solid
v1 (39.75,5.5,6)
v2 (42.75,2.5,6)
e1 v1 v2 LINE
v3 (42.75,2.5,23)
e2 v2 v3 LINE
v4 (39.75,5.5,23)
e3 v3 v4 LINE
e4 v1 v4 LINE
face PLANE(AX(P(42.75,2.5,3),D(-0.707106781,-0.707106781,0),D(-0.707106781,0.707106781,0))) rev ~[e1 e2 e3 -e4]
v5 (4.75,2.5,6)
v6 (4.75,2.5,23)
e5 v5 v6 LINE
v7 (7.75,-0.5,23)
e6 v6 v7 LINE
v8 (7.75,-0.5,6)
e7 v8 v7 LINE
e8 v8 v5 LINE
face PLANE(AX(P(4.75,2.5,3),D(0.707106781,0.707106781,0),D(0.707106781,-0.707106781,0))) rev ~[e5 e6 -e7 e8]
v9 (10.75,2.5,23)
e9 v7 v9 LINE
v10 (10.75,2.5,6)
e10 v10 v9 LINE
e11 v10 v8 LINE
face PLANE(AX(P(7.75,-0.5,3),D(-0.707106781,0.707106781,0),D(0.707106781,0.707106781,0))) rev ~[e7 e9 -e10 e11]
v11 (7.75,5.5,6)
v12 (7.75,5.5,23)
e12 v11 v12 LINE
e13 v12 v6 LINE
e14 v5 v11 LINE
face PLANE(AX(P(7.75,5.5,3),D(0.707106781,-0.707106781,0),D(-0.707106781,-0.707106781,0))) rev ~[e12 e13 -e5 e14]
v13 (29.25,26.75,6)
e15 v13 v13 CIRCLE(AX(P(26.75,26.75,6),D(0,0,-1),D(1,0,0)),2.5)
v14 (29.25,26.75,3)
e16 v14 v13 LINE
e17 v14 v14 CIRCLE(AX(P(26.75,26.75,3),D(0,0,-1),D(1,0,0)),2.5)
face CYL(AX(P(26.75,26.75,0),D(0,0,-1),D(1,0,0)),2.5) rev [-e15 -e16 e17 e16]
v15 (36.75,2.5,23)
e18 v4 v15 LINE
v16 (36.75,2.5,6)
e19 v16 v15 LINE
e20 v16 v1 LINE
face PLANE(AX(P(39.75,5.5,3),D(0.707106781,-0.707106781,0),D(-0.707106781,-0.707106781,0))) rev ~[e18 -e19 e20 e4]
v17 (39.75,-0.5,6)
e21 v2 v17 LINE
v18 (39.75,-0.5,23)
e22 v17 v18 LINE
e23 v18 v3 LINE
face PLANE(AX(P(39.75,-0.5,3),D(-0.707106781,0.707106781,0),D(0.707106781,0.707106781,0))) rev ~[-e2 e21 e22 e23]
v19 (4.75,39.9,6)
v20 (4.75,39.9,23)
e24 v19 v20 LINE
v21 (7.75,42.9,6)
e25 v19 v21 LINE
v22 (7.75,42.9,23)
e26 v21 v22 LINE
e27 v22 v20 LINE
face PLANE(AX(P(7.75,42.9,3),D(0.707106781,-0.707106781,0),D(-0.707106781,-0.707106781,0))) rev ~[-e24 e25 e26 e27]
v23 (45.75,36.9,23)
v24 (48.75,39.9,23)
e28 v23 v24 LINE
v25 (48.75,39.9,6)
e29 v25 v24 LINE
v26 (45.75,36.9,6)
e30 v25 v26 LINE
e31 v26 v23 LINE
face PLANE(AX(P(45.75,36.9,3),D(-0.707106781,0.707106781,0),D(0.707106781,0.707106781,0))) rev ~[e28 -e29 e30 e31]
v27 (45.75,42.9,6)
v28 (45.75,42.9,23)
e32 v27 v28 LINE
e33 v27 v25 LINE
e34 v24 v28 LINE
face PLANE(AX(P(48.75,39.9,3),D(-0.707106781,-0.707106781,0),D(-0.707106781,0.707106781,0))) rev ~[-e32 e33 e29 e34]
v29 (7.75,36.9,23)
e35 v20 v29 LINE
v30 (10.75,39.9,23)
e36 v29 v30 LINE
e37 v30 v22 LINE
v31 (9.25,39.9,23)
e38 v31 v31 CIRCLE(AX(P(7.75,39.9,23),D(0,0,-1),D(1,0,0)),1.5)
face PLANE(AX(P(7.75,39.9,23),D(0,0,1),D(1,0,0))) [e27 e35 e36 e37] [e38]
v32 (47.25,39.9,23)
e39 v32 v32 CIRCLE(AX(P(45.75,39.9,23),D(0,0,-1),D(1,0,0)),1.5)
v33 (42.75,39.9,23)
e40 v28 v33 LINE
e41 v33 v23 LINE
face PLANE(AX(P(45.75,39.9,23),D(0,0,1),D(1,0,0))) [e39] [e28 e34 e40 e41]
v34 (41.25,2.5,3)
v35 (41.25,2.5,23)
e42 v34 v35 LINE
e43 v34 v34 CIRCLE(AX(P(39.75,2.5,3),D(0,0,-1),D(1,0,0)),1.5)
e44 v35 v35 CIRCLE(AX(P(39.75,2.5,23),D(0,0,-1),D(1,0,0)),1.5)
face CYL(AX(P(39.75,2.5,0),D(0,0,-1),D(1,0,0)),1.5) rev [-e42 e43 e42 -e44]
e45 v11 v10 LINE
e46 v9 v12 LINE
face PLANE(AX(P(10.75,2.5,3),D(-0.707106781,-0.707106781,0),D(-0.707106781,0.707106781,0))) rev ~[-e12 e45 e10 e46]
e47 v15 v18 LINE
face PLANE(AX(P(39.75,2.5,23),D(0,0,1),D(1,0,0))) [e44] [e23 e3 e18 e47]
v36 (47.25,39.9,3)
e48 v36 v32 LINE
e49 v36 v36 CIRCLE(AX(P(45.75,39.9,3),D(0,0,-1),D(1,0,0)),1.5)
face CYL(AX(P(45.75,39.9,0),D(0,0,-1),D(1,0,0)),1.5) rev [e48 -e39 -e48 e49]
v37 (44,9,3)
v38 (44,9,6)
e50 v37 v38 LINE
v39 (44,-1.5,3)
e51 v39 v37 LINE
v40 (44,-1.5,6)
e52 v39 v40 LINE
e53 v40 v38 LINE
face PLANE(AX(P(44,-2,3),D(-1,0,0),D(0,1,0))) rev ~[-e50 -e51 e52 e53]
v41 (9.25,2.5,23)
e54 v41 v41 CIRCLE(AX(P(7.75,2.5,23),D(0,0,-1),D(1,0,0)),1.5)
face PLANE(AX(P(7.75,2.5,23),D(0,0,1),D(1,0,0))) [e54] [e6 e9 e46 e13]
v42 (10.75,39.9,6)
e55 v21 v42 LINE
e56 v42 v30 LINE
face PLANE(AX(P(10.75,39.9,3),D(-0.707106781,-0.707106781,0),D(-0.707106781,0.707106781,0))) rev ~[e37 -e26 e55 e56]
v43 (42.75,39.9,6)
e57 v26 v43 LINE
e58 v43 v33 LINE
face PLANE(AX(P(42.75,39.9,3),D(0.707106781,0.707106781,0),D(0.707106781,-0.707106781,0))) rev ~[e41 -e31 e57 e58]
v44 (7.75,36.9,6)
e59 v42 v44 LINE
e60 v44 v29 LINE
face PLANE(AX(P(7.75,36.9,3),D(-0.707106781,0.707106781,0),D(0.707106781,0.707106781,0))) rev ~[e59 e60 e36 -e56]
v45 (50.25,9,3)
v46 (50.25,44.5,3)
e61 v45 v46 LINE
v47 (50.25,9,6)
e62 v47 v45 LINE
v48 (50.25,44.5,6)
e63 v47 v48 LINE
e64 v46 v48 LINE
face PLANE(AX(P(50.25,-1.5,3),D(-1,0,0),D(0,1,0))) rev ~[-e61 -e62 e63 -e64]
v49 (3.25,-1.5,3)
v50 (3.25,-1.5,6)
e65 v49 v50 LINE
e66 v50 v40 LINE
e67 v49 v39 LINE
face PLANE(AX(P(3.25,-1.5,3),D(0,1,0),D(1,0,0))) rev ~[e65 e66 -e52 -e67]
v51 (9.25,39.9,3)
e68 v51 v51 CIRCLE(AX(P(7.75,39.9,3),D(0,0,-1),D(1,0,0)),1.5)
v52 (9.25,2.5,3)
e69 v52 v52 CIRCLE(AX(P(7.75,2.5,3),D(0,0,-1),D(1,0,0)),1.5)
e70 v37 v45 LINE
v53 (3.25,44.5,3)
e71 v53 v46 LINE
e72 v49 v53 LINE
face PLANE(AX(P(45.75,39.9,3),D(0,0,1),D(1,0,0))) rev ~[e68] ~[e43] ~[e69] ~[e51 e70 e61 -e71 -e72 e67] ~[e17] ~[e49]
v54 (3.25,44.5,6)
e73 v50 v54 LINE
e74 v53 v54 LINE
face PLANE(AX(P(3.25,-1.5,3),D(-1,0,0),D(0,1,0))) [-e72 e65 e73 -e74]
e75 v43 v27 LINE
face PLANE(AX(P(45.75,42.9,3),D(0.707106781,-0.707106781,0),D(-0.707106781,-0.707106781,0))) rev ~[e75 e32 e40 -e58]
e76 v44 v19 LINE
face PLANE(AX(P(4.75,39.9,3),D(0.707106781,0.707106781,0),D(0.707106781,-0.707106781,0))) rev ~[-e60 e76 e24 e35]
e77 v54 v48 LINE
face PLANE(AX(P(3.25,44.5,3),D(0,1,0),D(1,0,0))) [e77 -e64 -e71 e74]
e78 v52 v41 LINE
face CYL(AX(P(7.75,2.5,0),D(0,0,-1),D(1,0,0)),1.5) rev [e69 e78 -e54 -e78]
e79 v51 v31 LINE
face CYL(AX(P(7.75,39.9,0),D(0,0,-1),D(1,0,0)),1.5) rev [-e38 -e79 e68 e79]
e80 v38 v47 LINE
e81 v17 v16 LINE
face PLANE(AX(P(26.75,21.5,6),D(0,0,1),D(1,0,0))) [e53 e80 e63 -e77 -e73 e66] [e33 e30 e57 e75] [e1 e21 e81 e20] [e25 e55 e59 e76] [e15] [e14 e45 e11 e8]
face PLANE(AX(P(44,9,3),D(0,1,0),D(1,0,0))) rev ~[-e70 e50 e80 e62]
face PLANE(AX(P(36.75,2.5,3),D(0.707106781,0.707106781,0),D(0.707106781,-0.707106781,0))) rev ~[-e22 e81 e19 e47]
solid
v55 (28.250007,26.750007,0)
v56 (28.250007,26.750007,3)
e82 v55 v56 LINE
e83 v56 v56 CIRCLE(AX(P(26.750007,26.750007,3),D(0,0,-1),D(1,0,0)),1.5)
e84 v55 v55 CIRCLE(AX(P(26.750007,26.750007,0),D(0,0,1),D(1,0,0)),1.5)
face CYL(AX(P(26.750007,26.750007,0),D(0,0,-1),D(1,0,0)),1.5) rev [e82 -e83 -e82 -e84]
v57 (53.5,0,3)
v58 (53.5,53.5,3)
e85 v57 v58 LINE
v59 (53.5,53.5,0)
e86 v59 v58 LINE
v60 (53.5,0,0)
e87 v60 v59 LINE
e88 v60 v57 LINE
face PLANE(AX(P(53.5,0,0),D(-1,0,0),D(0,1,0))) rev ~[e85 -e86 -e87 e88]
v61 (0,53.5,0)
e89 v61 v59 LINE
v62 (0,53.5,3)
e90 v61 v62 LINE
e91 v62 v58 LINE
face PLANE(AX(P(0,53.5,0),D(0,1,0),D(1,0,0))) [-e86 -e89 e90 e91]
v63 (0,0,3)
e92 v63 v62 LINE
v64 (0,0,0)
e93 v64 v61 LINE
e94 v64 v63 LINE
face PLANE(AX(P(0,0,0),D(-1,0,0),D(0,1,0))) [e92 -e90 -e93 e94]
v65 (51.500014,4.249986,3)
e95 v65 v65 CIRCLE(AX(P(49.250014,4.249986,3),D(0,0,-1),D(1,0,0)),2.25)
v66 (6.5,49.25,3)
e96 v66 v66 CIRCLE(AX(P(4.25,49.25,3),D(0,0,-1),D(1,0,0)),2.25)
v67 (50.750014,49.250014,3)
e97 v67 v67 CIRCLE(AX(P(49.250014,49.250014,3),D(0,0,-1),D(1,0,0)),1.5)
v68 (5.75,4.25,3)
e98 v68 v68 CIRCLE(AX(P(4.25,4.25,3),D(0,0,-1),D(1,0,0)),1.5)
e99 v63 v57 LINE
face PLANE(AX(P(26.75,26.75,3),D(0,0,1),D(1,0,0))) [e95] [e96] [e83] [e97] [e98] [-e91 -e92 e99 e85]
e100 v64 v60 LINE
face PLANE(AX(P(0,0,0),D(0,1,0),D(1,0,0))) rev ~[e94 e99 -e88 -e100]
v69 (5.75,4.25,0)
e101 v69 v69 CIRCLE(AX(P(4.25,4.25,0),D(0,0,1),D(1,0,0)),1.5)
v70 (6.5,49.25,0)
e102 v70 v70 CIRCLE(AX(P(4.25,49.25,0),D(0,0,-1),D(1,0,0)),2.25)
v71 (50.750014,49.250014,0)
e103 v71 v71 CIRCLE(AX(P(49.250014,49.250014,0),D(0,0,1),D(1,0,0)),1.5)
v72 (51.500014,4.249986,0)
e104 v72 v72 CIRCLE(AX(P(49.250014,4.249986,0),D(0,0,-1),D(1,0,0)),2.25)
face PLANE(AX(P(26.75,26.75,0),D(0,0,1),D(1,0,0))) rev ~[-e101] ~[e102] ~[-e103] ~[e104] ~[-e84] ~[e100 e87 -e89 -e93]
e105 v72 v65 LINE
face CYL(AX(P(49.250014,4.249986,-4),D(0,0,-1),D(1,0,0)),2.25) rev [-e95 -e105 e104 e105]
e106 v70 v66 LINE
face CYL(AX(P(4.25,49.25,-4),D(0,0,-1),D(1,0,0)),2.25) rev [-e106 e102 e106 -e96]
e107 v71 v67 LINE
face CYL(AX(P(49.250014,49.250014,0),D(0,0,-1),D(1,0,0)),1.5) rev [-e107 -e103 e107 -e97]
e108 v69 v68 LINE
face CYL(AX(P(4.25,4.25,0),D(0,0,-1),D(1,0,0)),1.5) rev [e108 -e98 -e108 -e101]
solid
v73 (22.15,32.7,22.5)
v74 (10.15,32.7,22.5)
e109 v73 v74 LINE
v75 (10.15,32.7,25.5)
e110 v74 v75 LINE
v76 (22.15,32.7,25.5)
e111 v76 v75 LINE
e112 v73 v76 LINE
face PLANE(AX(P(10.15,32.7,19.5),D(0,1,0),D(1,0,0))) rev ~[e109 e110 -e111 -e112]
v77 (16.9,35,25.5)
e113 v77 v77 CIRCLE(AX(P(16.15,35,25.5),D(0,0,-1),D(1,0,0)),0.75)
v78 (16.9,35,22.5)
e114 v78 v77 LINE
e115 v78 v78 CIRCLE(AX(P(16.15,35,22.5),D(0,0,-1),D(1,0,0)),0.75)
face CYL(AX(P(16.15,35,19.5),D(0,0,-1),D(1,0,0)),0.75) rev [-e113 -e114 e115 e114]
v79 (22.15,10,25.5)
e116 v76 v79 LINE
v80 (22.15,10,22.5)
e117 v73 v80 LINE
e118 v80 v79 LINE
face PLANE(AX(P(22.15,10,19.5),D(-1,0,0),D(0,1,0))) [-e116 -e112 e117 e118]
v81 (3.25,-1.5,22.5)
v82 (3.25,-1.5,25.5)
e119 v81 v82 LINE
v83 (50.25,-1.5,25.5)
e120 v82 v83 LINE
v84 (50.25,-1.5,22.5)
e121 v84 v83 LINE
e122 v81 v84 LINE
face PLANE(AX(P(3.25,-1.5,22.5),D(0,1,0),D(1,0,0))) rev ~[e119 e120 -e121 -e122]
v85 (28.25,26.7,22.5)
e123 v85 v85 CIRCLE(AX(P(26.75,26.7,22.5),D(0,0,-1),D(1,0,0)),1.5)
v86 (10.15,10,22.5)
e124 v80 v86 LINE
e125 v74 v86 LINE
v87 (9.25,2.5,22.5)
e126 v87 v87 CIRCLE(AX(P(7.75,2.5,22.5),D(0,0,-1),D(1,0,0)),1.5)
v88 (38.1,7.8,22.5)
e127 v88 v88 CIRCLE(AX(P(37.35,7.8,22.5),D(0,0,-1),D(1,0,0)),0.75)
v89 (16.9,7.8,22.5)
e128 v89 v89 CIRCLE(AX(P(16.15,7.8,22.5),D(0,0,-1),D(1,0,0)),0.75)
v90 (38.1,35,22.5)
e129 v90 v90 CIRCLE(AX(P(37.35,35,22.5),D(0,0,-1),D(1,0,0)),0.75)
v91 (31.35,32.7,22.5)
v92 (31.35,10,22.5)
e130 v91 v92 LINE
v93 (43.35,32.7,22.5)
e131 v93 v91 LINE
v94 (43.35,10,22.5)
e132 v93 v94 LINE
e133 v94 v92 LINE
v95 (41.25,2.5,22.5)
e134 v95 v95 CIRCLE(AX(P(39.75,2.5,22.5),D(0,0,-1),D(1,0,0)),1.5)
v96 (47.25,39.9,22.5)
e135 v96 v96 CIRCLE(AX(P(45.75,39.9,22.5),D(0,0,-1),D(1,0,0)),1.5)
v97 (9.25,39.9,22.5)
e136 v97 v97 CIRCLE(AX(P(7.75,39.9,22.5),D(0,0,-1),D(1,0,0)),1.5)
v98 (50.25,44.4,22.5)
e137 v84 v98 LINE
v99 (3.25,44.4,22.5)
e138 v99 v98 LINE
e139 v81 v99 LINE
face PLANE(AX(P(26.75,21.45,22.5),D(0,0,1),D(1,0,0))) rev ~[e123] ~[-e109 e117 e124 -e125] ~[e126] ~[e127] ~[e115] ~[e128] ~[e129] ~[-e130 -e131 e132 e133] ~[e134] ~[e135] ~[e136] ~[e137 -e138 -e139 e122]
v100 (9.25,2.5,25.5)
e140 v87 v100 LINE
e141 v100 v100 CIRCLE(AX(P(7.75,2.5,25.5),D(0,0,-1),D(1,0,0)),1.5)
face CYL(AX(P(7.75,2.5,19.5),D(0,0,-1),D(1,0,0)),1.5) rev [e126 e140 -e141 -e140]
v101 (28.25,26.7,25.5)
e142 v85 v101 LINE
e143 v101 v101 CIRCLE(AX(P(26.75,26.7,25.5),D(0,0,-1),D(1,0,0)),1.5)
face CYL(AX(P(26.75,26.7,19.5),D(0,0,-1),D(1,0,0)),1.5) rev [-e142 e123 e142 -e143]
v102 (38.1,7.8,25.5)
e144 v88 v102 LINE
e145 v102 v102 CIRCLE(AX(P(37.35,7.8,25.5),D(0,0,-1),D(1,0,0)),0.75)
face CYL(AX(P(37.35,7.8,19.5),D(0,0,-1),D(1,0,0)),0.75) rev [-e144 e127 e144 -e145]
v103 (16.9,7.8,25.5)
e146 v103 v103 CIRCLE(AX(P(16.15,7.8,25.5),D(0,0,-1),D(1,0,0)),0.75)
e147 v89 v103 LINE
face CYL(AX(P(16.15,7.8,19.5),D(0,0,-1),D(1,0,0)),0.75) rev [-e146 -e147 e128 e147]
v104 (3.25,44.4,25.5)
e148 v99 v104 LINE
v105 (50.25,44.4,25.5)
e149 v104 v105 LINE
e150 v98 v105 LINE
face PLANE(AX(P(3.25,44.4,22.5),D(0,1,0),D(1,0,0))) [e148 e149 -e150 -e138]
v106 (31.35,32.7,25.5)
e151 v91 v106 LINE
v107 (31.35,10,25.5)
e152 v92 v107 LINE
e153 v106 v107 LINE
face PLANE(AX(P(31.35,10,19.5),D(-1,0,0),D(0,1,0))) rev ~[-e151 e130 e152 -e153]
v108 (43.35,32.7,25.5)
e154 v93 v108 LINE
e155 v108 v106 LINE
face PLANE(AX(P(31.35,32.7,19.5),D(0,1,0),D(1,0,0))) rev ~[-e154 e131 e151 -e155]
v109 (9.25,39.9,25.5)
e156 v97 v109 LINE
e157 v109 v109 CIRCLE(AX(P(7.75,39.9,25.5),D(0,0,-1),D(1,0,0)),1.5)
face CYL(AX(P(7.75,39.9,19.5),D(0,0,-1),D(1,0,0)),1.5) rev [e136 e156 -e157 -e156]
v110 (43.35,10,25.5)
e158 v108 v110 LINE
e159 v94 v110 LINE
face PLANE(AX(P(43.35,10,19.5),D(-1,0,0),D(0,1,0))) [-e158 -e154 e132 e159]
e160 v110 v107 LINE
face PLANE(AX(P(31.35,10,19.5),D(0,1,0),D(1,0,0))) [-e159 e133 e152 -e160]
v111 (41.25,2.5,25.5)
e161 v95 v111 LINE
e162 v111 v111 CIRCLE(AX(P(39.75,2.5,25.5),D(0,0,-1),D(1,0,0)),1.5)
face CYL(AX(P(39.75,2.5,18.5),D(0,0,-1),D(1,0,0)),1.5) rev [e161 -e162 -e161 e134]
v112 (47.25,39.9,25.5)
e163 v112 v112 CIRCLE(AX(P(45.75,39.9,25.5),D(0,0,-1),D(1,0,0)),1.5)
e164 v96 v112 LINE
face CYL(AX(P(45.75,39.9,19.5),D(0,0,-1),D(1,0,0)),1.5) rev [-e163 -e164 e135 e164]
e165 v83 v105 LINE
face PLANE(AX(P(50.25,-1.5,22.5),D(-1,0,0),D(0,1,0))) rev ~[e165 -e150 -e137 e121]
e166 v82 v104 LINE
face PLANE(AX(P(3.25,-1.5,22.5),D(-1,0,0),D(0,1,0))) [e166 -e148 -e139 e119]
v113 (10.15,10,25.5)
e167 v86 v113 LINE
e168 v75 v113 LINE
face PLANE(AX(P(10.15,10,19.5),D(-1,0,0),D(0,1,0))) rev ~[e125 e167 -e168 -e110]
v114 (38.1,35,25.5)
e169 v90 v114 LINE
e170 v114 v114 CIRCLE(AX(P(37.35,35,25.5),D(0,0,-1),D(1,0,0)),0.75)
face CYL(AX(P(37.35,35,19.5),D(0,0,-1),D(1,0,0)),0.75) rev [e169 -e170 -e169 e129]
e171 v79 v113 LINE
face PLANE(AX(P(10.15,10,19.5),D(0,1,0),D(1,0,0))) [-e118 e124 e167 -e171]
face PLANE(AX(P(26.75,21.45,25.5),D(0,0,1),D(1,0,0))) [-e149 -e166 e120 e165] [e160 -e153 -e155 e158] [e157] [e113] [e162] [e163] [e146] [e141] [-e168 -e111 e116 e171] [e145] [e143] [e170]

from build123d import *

# Parameters (mm, degrees)
CYLINDER001_R     = 1.5
CYLINDER001_DEPTH = 10
ARRAY001_X_COUNT  = 3
ARRAY001_X_PITCH  = 31.819805
CYLINDER_R        = 2.25
CYLINDER_DEPTH    = 10
ARRAY_X_COUNT     = 2
ARRAY_X_PITCH     = 63.63961
BOX_W             = 53.5
BOX_H             = 53.5
BOX_DEPTH         = 3
CYLINDER009_R     = 1.5
CYLINDER009_DEPTH = 27
PRISM002_DEPTH    = 20
CYLINDER008_R     = 1.5
CYLINDER008_DEPTH = 27
BOX004_W          = 10
BOX004_H          = 11
BOX004_DEPTH      = 3
CYLINDER007_R     = 1.5
CYLINDER007_DEPTH = 27
PRISM001_DEPTH    = 20
CYLINDER003_R     = 1.5
CYLINDER003_DEPTH = 27
ARRAY002_Y_COUNT  = 2
ARRAY002_Y_PITCH  = 37.4
CYLINDER002_R     = 2.5
CYLINDER002_DEPTH = 10
PRISM_DEPTH       = 20
ARRAY003_Y_COUNT  = 2
ARRAY003_Y_PITCH  = 37.4
BOX001_W          = 47
BOX001_H          = 46
BOX001_DEPTH      = 3
CYLINDER011_R     = 1.5
CYLINDER011_DEPTH = 10
CYLINDER010_R     = 1.5
CYLINDER010_DEPTH = 10
CYLINDER006_R     = 0.75
CYLINDER006_DEPTH = 10
ARRAY006_X_COUNT  = 2
ARRAY006_X_PITCH  = 21.2
ARRAY006_Y_COUNT  = 2
ARRAY006_Y_PITCH  = 27.2
BOX003_W          = 12
BOX003_H          = 22.7
BOX003_DEPTH      = 10
ARRAY004_X_COUNT  = 2
ARRAY004_X_PITCH  = 21.2
CYLINDER004_R     = 1.5
CYLINDER004_DEPTH = 10
ARRAY005_Y_COUNT  = 2
ARRAY005_Y_PITCH  = 37.4
CYLINDER005_R     = 1.5
CYLINDER005_DEPTH = 10
BOX002_W          = 47
BOX002_H          = 45.9
BOX002_DEPTH      = 3


with BuildPart() as array001:
    # Cylinder001 → Cylinder001 (new body)
    with BuildSketch(Plane(origin=(4.25, 4.25, 0), x_dir=(1, 0, 0), z_dir=(0, 0, 1))):
        Circle(CYLINDER001_R)
    extrude(amount=CYLINDER001_DEPTH)

    # Array001 X: Array001 ×3


with BuildPart() as array001_1:
    add(array001.part)
    with Locations(*[Vector(0.707107, 0.707107, 0) * (i * ARRAY001_X_PITCH) for i in range(1, ARRAY001_X_COUNT)]):
        add(array001.part)


with BuildPart() as taladros:
    # Cylinder → Cylinder (new body)
    with BuildSketch(Plane(origin=(4.25, 49.25, -4), x_dir=(1, 0, 0), z_dir=(0, 0, 1))):
        Circle(CYLINDER_R)
    extrude(amount=CYLINDER_DEPTH)

    # Array X: Taladros ×2


with BuildPart() as taladros_1:
    add(taladros.part)
    with Locations(*[Vector(0.707107, -0.707107, 0) * (i * ARRAY_X_PITCH) for i in range(1, ARRAY_X_COUNT)]):
        add(taladros.part)

    # Fusion: union Array001
    add(array001_1.part)


with BuildPart() as fuel_temp_plate:
    # Box → Box (new body)
    with BuildSketch(Plane.XY):
        with Locations((26.75, 26.75)):
            Rectangle(BOX_W, BOX_H)
    extrude(amount=BOX_DEPTH)

    # Cut: cut Taladros
    add(taladros_1.part, mode=Mode.SUBTRACT)


with BuildPart() as cylinder009:
    # Cylinder009 → Cylinder009 (new body)
    with BuildSketch(Plane(origin=(39.75, 2.5, 0), x_dir=(1, 0, 0), z_dir=(0, 0, 1))):
        Circle(CYLINDER009_R)
    extrude(amount=CYLINDER009_DEPTH)


with BuildPart() as cut006:
    # Prism002 → Prism002 (new body)
    with BuildSketch(Plane(origin=(39.75, 2.5, 3), x_dir=(1, 0, 0), z_dir=(0, 0, 1))):
        Polygon((3, 0), (0, 3), (-3, 0), (0, -3), align=None)
    extrude(amount=PRISM002_DEPTH)

    # Cut006: cut Cylinder009
    add(cylinder009.part, mode=Mode.SUBTRACT)


with BuildPart() as cylinder008:
    # Cylinder008 → Cylinder008 (new body)
    with BuildSketch(Plane(origin=(39.75, 2.5, 0), x_dir=(1, 0, 0), z_dir=(0, 0, 1))):
        Circle(CYLINDER008_R)
    extrude(amount=CYLINDER008_DEPTH)


with BuildPart() as recorte_placa:
    # Box004 → Box004 (new body)
    with BuildSketch(Plane(origin=(44, -2, 3), x_dir=(1, 0, 0), z_dir=(0, 0, 1))):
        with Locations((5, 5.5)):
            Rectangle(BOX004_W, BOX004_H)
    extrude(amount=BOX004_DEPTH)


with BuildPart() as cylinder007:
    # Cylinder007 → Cylinder007 (new body)
    with BuildSketch(Plane(origin=(45.75, 39.9, 0), x_dir=(1, 0, 0), z_dir=(0, 0, 1))):
        Circle(CYLINDER007_R)
    extrude(amount=CYLINDER007_DEPTH)


with BuildPart() as prism001:
    # Prism001 → Prism001 (new body)
    with BuildSketch(Plane(origin=(45.75, 39.9, 3), x_dir=(1, 0, 0), z_dir=(0, 0, 1))):
        Polygon((3, 0), (0, 3), (-3, 0), (0, -3), align=None)
    extrude(amount=PRISM001_DEPTH)


with BuildPart() as array002:
    # Cylinder003 → Cylinder003 (new body)
    with BuildSketch(Plane(origin=(7.75, 2.5, 0), x_dir=(1, 0, 0), z_dir=(0, 0, 1))):
        Circle(CYLINDER003_R)
    extrude(amount=CYLINDER003_DEPTH)

    # Array002 Y: Array002 ×2


with BuildPart() as array002_1:
    add(array002.part)
    with Locations(*[(0, i * ARRAY002_Y_PITCH, 0) for i in range(1, ARRAY002_Y_COUNT)]):
        add(array002.part)


with BuildPart() as fusion002:
    # Cylinder002 → Cylinder002 (new body)
    with BuildSketch(Plane(origin=(26.75, 26.75, 0), x_dir=(1, 0, 0), z_dir=(0, 0, 1))):
        Circle(CYLINDER002_R)
    extrude(amount=CYLINDER002_DEPTH)

    # Fusion002: union Array002
    add(array002_1.part)


with BuildPart() as array_columnas:
    # Prism → Prism (new body)
    with BuildSketch(Plane(origin=(7.75, 2.5, 3), x_dir=(1, 0, 0), z_dir=(0, 0, 1))):
        Polygon((3, 0), (0, 3), (-3, 0), (0, -3), align=None)
    extrude(amount=PRISM_DEPTH)

    # Array003 Y: Array columnas ×2


with BuildPart() as array_columnas_1:
    add(array_columnas.part)
    with Locations(*[(0, i * ARRAY003_Y_PITCH, 0) for i in range(1, ARRAY003_Y_COUNT)]):
        add(array_columnas.part)


with BuildPart() as top_plate_final:
    # Box001 → Box001 (new body)
    with BuildSketch(Plane(origin=(3.25, -1.5, 3), x_dir=(1, 0, 0), z_dir=(0, 0, 1))):
        with Locations((23.5, 23)):
            Rectangle(BOX001_W, BOX001_H)
    extrude(amount=BOX001_DEPTH)

    # Fusion001: union Array columnas
    add(array_columnas_1.part)

    # Cut001: cut Fusion002
    add(fusion002.part, mode=Mode.SUBTRACT)

    # Fusion004: union Prism001
    add(prism001.part)

    # Cut003: cut Cylinder007
    add(cylinder007.part, mode=Mode.SUBTRACT)

    # Cut004: cut Recorte placa
    add(recorte_placa.part, mode=Mode.SUBTRACT)

    # Cut005: cut Cylinder008
    add(cylinder008.part, mode=Mode.SUBTRACT)

    # Fusion005: union Cut006
    add(cut006.part)


with BuildPart() as cylinder011:
    # Cylinder011 → Cylinder011 (new body)
    with BuildSketch(Plane(origin=(39.75, 2.5, 18.5), x_dir=(1, 0, 0), z_dir=(0, 0, 1))):
        Circle(CYLINDER011_R)
    extrude(amount=CYLINDER011_DEPTH)


with BuildPart() as cylinder010:
    # Cylinder010 → Cylinder010 (new body)
    with BuildSketch(Plane(origin=(45.75, 39.9, 19.5), x_dir=(1, 0, 0), z_dir=(0, 0, 1))):
        Circle(CYLINDER010_R)
    extrude(amount=CYLINDER010_DEPTH)


with BuildPart() as array006:
    # Cylinder006 → Cylinder006 (new body)
    with BuildSketch(Plane(origin=(16.15, 7.8, 19.5), x_dir=(1, 0, 0), z_dir=(0, 0, 1))):
        Circle(CYLINDER006_R)
    extrude(amount=CYLINDER006_DEPTH)

    # Array006 X: Array006 ×2


with BuildPart() as array006_1:
    add(array006.part)
    with Locations(*[(i * ARRAY006_X_PITCH, 0, 0) for i in range(1, ARRAY006_X_COUNT)]):
        add(array006.part)

    # Array006 Y: Array006 ×2


with BuildPart() as array006_2:
    add(array006_1.part)
    with Locations(*[(0, i * ARRAY006_Y_PITCH, 0) for i in range(1, ARRAY006_Y_COUNT)]):
        add(array006_1.part)


with BuildPart() as array_taladro_servomotor:
    # Box003 → Box003 (new body)
    with BuildSketch(Plane(origin=(10.15, 10, 19.5), x_dir=(1, 0, 0), z_dir=(0, 0, 1))):
        with Locations((6, 11.35)):
            Rectangle(BOX003_W, BOX003_H)
    extrude(amount=BOX003_DEPTH)

    # Array004 X: Array taladro servomotor ×2


with BuildPart() as array_taladro_servomotor_1:
    add(array_taladro_servomotor.part)
    with Locations(*[(i * ARRAY004_X_PITCH, 0, 0) for i in range(1, ARRAY004_X_COUNT)]):
        add(array_taladro_servomotor.part)


with BuildPart() as array005:
    # Cylinder004 → Cylinder004 (new body)
    with BuildSketch(Plane(origin=(7.75, 2.5, 19.5), x_dir=(1, 0, 0), z_dir=(0, 0, 1))):
        Circle(CYLINDER004_R)
    extrude(amount=CYLINDER004_DEPTH)

    # Array005 Y: Array005 ×2


with BuildPart() as array005_1:
    add(array005.part)
    with Locations(*[(0, i * ARRAY005_Y_PITCH, 0) for i in range(1, ARRAY005_Y_COUNT)]):
        add(array005.part)


with BuildPart() as fusion003:
    # Cylinder005 → Cylinder005 (new body)
    with BuildSketch(Plane(origin=(26.75, 26.7, 19.5), x_dir=(1, 0, 0), z_dir=(0, 0, 1))):
        Circle(CYLINDER005_R)
    extrude(amount=CYLINDER005_DEPTH)

    # Fusion003: union Array006, Array taladro servomotor, Array005
    add(array006_2.part)
    add(array_taladro_servomotor_1.part)
    add(array005_1.part)


with BuildPart() as base_final:
    # Box002 → Box002 (new body)
    with BuildSketch(Plane(origin=(3.25, -1.5, 22.5), x_dir=(1, 0, 0), z_dir=(0, 0, 1))):
        with Locations((23.5, 22.95)):
            Rectangle(BOX002_W, BOX002_H)
    extrude(amount=BOX002_DEPTH)

    # Cut002: cut Fusion003
    add(fusion003.part, mode=Mode.SUBTRACT)

    # Cut007: cut Cylinder010
    add(cylinder010.part, mode=Mode.SUBTRACT)

    # Cut008: cut Cylinder011
    add(cylinder011.part, mode=Mode.SUBTRACT)


solid = Compound([fuel_temp_plate.part, top_plate_final.part, base_final.part])
